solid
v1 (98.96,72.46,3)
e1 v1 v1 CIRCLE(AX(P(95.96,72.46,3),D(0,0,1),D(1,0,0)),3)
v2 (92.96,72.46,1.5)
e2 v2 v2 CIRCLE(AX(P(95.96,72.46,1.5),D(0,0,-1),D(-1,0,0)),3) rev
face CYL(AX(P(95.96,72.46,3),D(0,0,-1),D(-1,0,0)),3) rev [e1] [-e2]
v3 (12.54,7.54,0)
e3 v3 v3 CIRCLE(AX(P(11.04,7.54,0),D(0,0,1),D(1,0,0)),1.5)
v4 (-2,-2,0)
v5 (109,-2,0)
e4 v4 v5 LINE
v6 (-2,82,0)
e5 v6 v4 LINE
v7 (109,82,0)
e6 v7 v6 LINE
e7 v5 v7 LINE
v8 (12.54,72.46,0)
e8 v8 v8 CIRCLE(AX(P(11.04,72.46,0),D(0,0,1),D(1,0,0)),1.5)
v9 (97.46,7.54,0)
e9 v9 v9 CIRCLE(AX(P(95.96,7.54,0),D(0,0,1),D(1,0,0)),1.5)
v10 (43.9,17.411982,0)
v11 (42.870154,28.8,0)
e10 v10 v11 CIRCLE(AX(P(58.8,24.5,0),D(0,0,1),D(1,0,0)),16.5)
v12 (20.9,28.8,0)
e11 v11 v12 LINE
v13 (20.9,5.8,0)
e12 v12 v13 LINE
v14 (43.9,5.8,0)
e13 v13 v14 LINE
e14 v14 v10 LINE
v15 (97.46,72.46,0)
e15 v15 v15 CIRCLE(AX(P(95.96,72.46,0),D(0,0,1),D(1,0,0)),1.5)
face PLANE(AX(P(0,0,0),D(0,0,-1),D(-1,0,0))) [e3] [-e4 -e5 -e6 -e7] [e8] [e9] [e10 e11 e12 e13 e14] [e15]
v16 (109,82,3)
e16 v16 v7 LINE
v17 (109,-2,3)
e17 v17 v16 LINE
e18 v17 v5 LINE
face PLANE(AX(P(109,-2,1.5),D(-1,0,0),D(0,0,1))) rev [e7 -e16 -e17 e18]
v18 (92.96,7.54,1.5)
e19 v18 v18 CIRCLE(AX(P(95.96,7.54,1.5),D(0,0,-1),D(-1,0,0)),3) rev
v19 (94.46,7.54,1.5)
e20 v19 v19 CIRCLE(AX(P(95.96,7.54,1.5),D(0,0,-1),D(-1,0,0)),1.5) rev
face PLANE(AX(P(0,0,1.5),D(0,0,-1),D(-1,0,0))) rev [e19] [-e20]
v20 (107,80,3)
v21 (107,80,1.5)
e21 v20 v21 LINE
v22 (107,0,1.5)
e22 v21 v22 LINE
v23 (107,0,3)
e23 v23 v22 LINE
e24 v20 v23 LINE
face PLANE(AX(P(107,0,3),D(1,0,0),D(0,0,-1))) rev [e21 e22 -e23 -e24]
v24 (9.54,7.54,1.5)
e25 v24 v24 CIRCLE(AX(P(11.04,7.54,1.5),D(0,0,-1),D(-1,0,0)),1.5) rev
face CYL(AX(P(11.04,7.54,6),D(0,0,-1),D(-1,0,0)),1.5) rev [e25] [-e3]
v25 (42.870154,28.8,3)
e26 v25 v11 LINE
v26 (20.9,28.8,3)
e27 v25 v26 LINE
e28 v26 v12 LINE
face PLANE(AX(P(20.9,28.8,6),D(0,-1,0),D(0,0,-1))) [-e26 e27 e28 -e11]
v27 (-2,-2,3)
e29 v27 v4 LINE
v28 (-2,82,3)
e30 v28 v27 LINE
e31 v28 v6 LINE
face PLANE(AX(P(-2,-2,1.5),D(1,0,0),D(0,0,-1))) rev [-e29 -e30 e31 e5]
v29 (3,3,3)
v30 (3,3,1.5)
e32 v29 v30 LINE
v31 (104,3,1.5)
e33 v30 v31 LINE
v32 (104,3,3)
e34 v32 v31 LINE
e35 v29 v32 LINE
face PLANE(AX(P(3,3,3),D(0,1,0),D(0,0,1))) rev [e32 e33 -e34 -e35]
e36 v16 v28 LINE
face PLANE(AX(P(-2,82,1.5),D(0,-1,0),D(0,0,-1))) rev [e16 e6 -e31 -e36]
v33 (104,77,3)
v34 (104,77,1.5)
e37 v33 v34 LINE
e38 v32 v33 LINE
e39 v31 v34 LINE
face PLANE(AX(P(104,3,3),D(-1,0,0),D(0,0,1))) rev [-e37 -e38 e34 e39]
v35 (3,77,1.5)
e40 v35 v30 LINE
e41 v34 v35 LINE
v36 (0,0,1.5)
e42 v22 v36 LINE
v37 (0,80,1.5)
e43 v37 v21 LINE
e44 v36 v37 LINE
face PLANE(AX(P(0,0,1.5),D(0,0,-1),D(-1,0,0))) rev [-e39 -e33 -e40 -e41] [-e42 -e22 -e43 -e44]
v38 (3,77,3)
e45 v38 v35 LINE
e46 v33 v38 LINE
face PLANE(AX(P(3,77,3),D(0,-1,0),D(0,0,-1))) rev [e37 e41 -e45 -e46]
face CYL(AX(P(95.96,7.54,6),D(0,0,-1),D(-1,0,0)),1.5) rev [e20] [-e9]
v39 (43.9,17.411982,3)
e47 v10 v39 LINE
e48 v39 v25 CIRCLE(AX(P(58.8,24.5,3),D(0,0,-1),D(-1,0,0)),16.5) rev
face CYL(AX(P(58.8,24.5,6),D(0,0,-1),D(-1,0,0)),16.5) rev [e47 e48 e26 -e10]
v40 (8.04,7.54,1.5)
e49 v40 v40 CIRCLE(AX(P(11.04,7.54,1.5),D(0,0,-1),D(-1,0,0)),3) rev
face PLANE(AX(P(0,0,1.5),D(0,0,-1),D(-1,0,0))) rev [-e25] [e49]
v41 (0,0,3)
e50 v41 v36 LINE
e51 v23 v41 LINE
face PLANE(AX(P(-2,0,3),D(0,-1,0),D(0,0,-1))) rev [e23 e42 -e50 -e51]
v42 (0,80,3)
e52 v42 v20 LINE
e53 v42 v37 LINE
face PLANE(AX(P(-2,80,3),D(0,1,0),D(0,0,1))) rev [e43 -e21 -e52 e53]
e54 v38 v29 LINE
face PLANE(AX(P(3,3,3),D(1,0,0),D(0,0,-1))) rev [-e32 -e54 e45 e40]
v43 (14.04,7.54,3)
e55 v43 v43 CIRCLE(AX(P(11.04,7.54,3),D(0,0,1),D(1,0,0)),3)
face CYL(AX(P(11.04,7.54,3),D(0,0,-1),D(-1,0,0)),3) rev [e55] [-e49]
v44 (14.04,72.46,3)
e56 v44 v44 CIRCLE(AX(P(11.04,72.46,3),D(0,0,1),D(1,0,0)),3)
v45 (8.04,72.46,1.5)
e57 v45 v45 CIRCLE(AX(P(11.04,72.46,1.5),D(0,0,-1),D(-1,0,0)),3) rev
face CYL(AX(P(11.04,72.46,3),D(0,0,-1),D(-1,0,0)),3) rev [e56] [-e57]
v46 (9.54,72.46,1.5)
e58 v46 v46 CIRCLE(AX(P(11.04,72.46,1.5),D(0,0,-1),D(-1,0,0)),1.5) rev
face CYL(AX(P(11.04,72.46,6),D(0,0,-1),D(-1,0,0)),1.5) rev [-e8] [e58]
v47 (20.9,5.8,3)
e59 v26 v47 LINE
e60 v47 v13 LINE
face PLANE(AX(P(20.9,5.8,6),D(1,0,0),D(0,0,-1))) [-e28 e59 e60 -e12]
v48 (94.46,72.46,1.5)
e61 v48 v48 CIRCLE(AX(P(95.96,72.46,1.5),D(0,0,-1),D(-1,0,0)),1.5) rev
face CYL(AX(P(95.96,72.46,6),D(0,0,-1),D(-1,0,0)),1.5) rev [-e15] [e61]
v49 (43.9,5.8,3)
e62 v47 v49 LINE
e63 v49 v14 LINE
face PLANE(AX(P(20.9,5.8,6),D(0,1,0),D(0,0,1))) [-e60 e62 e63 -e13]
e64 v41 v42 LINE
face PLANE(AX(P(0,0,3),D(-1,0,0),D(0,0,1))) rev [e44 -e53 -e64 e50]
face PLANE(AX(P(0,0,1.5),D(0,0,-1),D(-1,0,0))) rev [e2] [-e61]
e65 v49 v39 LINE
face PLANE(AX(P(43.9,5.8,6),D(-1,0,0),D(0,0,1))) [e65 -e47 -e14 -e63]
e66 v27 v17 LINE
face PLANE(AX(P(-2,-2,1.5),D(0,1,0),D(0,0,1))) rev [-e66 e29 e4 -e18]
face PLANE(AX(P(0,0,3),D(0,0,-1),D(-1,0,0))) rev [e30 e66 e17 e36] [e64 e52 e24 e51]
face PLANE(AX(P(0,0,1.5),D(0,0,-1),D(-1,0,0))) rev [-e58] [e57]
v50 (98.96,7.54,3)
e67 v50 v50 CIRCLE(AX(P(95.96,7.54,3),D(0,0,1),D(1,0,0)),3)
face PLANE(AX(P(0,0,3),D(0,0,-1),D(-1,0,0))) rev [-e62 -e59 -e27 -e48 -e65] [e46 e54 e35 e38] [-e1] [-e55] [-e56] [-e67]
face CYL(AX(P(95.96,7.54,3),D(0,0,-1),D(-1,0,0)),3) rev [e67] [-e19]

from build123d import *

# Parameters (mm, degrees)
SKETCH_9_W                                     = 111
SKETCH_9_H                                     = 84
BOTTOM_BASE_1P5MM_FULL_111X84_DEPTH            = 1.5
SKETCH_10_W                                    = 101
SKETCH_10_H                                    = 74
SKETCH_10_R                                    = 3
BOTTOM_CENTER_FULL_THICKNESS_EXCEPT_STAN_DEPTH = 3
SKETCH_11_W                                    = 111
SKETCH_11_H                                    = 2
BOTTOM_OUTER_FRONT_OVERHANG_FULL_3MM_DEPTH     = 3
SKETCH_12_W                                    = 111
SKETCH_12_H                                    = 2
BOTTOM_OUTER_REAR_OVERHANG_FULL_3MM_DEPTH      = 3
SKETCH_13_W                                    = 2
SKETCH_13_H                                    = 80
BOTTOM_OUTER_LEFT_OVERHANG_FULL_3MM_DEPTH      = 3
SKETCH_14_W                                    = 2
SKETCH_14_H                                    = 80
BOTTOM_OUTER_RIGHT_OVERHANG_FULL_3MM_DEPTH     = 3
SKETCH_16_R                                    = 1.5
BOTTOM_M3_THROUGH_3MM_DEPTH                    = 1.5
SKETCH_18_R                                    = 16.5
BOTTOM_BATTERY_THROUGH_CLEARANCE_DEPTH         = 3
SKETCH_20_W                                    = 23
SKETCH_20_H                                    = 23
BOTTOM_BUZZER_THROUGH_CUT_DEPTH                = 3


with BuildPart() as part:
    # Sketch 9 → bottom_base_1p5mm_full_111x84 (new body)
    with BuildSketch(Plane.XY):
        with Locations((53.5, 40)):
            Rectangle(SKETCH_9_W, SKETCH_9_H)
    extrude(amount=BOTTOM_BASE_1P5MM_FULL_111X84_DEPTH)

    # Sketch 10 → bottom_center_full_thickness_except_stan (add)
    with BuildSketch(Plane.XY):
        with Locations((53.5, 40)):
            Rectangle(SKETCH_10_W, SKETCH_10_H)
        with Locations(Location((11.04, 7.54, 0), (0, 0, 180))):
            Circle(SKETCH_10_R, mode=Mode.SUBTRACT)
        with Locations(Location((95.96, 7.54, 0), (0, 0, 180))):
            Circle(SKETCH_10_R, mode=Mode.SUBTRACT)
        with Locations(Location((11.04, 72.46, 0), (0, 0, 180))):
            Circle(SKETCH_10_R, mode=Mode.SUBTRACT)
        with Locations(Location((95.96, 72.46, 0), (0, 0, 180))):
            Circle(SKETCH_10_R, mode=Mode.SUBTRACT)
    extrude(amount=BOTTOM_CENTER_FULL_THICKNESS_EXCEPT_STAN_DEPTH)

    # Sketch 11 → bottom_outer_front_overhang_full_3mm (add)
    with BuildSketch(Plane.XY):
        with Locations((53.5, -1)):
            Rectangle(SKETCH_11_W, SKETCH_11_H)
    extrude(amount=BOTTOM_OUTER_FRONT_OVERHANG_FULL_3MM_DEPTH)

    # Sketch 12 → bottom_outer_rear_overhang_full_3mm (add)
    with BuildSketch(Plane.XY):
        with Locations((53.5, 81)):
            Rectangle(SKETCH_12_W, SKETCH_12_H)
    extrude(amount=BOTTOM_OUTER_REAR_OVERHANG_FULL_3MM_DEPTH)

    # Sketch 13 → bottom_outer_left_overhang_full_3mm (add)
    with BuildSketch(Plane.XY):
        with Locations((-1, 40)):
            Rectangle(SKETCH_13_W, SKETCH_13_H)
    extrude(amount=BOTTOM_OUTER_LEFT_OVERHANG_FULL_3MM_DEPTH)

    # Sketch 14 → bottom_outer_right_overhang_full_3mm (add)
    with BuildSketch(Plane.XY):
        with Locations((108, 40)):
            Rectangle(SKETCH_14_W, SKETCH_14_H)
    extrude(amount=BOTTOM_OUTER_RIGHT_OVERHANG_FULL_3MM_DEPTH)

    # Sketch 16 → bottom_m3_through_3mm (cut)
    with BuildSketch(Plane.XY):
        with Locations(Location((11.04, 7.54, 0), (0, 0, 180))):
            Circle(SKETCH_16_R)
        with Locations(Location((95.96, 7.54, 0), (0, 0, 180))):
            Circle(SKETCH_16_R)
        with Locations(Location((11.04, 72.46, 0), (0, 0, 180))):
            Circle(SKETCH_16_R)
        with Locations(Location((95.96, 72.46, 0), (0, 0, 180))):
            Circle(SKETCH_16_R)
    extrude(amount=BOTTOM_M3_THROUGH_3MM_DEPTH, mode=Mode.SUBTRACT)

    # Sketch 18 → bottom_battery_through_clearance (cut)
    with BuildSketch(Plane.XY):
        with Locations(Location((58.8, 24.5, 0), (0, 0, 180))):
            Circle(SKETCH_18_R)
    extrude(amount=BOTTOM_BATTERY_THROUGH_CLEARANCE_DEPTH, mode=Mode.SUBTRACT)

    # Sketch 20 → bottom_buzzer_through_cut (cut)
    with BuildSketch(Plane.XY):
        with Locations((32.4, 17.3)):
            Rectangle(SKETCH_20_W, SKETCH_20_H)
    extrude(amount=BOTTOM_BUZZER_THROUGH_CUT_DEPTH, mode=Mode.SUBTRACT)


solid = part.part
